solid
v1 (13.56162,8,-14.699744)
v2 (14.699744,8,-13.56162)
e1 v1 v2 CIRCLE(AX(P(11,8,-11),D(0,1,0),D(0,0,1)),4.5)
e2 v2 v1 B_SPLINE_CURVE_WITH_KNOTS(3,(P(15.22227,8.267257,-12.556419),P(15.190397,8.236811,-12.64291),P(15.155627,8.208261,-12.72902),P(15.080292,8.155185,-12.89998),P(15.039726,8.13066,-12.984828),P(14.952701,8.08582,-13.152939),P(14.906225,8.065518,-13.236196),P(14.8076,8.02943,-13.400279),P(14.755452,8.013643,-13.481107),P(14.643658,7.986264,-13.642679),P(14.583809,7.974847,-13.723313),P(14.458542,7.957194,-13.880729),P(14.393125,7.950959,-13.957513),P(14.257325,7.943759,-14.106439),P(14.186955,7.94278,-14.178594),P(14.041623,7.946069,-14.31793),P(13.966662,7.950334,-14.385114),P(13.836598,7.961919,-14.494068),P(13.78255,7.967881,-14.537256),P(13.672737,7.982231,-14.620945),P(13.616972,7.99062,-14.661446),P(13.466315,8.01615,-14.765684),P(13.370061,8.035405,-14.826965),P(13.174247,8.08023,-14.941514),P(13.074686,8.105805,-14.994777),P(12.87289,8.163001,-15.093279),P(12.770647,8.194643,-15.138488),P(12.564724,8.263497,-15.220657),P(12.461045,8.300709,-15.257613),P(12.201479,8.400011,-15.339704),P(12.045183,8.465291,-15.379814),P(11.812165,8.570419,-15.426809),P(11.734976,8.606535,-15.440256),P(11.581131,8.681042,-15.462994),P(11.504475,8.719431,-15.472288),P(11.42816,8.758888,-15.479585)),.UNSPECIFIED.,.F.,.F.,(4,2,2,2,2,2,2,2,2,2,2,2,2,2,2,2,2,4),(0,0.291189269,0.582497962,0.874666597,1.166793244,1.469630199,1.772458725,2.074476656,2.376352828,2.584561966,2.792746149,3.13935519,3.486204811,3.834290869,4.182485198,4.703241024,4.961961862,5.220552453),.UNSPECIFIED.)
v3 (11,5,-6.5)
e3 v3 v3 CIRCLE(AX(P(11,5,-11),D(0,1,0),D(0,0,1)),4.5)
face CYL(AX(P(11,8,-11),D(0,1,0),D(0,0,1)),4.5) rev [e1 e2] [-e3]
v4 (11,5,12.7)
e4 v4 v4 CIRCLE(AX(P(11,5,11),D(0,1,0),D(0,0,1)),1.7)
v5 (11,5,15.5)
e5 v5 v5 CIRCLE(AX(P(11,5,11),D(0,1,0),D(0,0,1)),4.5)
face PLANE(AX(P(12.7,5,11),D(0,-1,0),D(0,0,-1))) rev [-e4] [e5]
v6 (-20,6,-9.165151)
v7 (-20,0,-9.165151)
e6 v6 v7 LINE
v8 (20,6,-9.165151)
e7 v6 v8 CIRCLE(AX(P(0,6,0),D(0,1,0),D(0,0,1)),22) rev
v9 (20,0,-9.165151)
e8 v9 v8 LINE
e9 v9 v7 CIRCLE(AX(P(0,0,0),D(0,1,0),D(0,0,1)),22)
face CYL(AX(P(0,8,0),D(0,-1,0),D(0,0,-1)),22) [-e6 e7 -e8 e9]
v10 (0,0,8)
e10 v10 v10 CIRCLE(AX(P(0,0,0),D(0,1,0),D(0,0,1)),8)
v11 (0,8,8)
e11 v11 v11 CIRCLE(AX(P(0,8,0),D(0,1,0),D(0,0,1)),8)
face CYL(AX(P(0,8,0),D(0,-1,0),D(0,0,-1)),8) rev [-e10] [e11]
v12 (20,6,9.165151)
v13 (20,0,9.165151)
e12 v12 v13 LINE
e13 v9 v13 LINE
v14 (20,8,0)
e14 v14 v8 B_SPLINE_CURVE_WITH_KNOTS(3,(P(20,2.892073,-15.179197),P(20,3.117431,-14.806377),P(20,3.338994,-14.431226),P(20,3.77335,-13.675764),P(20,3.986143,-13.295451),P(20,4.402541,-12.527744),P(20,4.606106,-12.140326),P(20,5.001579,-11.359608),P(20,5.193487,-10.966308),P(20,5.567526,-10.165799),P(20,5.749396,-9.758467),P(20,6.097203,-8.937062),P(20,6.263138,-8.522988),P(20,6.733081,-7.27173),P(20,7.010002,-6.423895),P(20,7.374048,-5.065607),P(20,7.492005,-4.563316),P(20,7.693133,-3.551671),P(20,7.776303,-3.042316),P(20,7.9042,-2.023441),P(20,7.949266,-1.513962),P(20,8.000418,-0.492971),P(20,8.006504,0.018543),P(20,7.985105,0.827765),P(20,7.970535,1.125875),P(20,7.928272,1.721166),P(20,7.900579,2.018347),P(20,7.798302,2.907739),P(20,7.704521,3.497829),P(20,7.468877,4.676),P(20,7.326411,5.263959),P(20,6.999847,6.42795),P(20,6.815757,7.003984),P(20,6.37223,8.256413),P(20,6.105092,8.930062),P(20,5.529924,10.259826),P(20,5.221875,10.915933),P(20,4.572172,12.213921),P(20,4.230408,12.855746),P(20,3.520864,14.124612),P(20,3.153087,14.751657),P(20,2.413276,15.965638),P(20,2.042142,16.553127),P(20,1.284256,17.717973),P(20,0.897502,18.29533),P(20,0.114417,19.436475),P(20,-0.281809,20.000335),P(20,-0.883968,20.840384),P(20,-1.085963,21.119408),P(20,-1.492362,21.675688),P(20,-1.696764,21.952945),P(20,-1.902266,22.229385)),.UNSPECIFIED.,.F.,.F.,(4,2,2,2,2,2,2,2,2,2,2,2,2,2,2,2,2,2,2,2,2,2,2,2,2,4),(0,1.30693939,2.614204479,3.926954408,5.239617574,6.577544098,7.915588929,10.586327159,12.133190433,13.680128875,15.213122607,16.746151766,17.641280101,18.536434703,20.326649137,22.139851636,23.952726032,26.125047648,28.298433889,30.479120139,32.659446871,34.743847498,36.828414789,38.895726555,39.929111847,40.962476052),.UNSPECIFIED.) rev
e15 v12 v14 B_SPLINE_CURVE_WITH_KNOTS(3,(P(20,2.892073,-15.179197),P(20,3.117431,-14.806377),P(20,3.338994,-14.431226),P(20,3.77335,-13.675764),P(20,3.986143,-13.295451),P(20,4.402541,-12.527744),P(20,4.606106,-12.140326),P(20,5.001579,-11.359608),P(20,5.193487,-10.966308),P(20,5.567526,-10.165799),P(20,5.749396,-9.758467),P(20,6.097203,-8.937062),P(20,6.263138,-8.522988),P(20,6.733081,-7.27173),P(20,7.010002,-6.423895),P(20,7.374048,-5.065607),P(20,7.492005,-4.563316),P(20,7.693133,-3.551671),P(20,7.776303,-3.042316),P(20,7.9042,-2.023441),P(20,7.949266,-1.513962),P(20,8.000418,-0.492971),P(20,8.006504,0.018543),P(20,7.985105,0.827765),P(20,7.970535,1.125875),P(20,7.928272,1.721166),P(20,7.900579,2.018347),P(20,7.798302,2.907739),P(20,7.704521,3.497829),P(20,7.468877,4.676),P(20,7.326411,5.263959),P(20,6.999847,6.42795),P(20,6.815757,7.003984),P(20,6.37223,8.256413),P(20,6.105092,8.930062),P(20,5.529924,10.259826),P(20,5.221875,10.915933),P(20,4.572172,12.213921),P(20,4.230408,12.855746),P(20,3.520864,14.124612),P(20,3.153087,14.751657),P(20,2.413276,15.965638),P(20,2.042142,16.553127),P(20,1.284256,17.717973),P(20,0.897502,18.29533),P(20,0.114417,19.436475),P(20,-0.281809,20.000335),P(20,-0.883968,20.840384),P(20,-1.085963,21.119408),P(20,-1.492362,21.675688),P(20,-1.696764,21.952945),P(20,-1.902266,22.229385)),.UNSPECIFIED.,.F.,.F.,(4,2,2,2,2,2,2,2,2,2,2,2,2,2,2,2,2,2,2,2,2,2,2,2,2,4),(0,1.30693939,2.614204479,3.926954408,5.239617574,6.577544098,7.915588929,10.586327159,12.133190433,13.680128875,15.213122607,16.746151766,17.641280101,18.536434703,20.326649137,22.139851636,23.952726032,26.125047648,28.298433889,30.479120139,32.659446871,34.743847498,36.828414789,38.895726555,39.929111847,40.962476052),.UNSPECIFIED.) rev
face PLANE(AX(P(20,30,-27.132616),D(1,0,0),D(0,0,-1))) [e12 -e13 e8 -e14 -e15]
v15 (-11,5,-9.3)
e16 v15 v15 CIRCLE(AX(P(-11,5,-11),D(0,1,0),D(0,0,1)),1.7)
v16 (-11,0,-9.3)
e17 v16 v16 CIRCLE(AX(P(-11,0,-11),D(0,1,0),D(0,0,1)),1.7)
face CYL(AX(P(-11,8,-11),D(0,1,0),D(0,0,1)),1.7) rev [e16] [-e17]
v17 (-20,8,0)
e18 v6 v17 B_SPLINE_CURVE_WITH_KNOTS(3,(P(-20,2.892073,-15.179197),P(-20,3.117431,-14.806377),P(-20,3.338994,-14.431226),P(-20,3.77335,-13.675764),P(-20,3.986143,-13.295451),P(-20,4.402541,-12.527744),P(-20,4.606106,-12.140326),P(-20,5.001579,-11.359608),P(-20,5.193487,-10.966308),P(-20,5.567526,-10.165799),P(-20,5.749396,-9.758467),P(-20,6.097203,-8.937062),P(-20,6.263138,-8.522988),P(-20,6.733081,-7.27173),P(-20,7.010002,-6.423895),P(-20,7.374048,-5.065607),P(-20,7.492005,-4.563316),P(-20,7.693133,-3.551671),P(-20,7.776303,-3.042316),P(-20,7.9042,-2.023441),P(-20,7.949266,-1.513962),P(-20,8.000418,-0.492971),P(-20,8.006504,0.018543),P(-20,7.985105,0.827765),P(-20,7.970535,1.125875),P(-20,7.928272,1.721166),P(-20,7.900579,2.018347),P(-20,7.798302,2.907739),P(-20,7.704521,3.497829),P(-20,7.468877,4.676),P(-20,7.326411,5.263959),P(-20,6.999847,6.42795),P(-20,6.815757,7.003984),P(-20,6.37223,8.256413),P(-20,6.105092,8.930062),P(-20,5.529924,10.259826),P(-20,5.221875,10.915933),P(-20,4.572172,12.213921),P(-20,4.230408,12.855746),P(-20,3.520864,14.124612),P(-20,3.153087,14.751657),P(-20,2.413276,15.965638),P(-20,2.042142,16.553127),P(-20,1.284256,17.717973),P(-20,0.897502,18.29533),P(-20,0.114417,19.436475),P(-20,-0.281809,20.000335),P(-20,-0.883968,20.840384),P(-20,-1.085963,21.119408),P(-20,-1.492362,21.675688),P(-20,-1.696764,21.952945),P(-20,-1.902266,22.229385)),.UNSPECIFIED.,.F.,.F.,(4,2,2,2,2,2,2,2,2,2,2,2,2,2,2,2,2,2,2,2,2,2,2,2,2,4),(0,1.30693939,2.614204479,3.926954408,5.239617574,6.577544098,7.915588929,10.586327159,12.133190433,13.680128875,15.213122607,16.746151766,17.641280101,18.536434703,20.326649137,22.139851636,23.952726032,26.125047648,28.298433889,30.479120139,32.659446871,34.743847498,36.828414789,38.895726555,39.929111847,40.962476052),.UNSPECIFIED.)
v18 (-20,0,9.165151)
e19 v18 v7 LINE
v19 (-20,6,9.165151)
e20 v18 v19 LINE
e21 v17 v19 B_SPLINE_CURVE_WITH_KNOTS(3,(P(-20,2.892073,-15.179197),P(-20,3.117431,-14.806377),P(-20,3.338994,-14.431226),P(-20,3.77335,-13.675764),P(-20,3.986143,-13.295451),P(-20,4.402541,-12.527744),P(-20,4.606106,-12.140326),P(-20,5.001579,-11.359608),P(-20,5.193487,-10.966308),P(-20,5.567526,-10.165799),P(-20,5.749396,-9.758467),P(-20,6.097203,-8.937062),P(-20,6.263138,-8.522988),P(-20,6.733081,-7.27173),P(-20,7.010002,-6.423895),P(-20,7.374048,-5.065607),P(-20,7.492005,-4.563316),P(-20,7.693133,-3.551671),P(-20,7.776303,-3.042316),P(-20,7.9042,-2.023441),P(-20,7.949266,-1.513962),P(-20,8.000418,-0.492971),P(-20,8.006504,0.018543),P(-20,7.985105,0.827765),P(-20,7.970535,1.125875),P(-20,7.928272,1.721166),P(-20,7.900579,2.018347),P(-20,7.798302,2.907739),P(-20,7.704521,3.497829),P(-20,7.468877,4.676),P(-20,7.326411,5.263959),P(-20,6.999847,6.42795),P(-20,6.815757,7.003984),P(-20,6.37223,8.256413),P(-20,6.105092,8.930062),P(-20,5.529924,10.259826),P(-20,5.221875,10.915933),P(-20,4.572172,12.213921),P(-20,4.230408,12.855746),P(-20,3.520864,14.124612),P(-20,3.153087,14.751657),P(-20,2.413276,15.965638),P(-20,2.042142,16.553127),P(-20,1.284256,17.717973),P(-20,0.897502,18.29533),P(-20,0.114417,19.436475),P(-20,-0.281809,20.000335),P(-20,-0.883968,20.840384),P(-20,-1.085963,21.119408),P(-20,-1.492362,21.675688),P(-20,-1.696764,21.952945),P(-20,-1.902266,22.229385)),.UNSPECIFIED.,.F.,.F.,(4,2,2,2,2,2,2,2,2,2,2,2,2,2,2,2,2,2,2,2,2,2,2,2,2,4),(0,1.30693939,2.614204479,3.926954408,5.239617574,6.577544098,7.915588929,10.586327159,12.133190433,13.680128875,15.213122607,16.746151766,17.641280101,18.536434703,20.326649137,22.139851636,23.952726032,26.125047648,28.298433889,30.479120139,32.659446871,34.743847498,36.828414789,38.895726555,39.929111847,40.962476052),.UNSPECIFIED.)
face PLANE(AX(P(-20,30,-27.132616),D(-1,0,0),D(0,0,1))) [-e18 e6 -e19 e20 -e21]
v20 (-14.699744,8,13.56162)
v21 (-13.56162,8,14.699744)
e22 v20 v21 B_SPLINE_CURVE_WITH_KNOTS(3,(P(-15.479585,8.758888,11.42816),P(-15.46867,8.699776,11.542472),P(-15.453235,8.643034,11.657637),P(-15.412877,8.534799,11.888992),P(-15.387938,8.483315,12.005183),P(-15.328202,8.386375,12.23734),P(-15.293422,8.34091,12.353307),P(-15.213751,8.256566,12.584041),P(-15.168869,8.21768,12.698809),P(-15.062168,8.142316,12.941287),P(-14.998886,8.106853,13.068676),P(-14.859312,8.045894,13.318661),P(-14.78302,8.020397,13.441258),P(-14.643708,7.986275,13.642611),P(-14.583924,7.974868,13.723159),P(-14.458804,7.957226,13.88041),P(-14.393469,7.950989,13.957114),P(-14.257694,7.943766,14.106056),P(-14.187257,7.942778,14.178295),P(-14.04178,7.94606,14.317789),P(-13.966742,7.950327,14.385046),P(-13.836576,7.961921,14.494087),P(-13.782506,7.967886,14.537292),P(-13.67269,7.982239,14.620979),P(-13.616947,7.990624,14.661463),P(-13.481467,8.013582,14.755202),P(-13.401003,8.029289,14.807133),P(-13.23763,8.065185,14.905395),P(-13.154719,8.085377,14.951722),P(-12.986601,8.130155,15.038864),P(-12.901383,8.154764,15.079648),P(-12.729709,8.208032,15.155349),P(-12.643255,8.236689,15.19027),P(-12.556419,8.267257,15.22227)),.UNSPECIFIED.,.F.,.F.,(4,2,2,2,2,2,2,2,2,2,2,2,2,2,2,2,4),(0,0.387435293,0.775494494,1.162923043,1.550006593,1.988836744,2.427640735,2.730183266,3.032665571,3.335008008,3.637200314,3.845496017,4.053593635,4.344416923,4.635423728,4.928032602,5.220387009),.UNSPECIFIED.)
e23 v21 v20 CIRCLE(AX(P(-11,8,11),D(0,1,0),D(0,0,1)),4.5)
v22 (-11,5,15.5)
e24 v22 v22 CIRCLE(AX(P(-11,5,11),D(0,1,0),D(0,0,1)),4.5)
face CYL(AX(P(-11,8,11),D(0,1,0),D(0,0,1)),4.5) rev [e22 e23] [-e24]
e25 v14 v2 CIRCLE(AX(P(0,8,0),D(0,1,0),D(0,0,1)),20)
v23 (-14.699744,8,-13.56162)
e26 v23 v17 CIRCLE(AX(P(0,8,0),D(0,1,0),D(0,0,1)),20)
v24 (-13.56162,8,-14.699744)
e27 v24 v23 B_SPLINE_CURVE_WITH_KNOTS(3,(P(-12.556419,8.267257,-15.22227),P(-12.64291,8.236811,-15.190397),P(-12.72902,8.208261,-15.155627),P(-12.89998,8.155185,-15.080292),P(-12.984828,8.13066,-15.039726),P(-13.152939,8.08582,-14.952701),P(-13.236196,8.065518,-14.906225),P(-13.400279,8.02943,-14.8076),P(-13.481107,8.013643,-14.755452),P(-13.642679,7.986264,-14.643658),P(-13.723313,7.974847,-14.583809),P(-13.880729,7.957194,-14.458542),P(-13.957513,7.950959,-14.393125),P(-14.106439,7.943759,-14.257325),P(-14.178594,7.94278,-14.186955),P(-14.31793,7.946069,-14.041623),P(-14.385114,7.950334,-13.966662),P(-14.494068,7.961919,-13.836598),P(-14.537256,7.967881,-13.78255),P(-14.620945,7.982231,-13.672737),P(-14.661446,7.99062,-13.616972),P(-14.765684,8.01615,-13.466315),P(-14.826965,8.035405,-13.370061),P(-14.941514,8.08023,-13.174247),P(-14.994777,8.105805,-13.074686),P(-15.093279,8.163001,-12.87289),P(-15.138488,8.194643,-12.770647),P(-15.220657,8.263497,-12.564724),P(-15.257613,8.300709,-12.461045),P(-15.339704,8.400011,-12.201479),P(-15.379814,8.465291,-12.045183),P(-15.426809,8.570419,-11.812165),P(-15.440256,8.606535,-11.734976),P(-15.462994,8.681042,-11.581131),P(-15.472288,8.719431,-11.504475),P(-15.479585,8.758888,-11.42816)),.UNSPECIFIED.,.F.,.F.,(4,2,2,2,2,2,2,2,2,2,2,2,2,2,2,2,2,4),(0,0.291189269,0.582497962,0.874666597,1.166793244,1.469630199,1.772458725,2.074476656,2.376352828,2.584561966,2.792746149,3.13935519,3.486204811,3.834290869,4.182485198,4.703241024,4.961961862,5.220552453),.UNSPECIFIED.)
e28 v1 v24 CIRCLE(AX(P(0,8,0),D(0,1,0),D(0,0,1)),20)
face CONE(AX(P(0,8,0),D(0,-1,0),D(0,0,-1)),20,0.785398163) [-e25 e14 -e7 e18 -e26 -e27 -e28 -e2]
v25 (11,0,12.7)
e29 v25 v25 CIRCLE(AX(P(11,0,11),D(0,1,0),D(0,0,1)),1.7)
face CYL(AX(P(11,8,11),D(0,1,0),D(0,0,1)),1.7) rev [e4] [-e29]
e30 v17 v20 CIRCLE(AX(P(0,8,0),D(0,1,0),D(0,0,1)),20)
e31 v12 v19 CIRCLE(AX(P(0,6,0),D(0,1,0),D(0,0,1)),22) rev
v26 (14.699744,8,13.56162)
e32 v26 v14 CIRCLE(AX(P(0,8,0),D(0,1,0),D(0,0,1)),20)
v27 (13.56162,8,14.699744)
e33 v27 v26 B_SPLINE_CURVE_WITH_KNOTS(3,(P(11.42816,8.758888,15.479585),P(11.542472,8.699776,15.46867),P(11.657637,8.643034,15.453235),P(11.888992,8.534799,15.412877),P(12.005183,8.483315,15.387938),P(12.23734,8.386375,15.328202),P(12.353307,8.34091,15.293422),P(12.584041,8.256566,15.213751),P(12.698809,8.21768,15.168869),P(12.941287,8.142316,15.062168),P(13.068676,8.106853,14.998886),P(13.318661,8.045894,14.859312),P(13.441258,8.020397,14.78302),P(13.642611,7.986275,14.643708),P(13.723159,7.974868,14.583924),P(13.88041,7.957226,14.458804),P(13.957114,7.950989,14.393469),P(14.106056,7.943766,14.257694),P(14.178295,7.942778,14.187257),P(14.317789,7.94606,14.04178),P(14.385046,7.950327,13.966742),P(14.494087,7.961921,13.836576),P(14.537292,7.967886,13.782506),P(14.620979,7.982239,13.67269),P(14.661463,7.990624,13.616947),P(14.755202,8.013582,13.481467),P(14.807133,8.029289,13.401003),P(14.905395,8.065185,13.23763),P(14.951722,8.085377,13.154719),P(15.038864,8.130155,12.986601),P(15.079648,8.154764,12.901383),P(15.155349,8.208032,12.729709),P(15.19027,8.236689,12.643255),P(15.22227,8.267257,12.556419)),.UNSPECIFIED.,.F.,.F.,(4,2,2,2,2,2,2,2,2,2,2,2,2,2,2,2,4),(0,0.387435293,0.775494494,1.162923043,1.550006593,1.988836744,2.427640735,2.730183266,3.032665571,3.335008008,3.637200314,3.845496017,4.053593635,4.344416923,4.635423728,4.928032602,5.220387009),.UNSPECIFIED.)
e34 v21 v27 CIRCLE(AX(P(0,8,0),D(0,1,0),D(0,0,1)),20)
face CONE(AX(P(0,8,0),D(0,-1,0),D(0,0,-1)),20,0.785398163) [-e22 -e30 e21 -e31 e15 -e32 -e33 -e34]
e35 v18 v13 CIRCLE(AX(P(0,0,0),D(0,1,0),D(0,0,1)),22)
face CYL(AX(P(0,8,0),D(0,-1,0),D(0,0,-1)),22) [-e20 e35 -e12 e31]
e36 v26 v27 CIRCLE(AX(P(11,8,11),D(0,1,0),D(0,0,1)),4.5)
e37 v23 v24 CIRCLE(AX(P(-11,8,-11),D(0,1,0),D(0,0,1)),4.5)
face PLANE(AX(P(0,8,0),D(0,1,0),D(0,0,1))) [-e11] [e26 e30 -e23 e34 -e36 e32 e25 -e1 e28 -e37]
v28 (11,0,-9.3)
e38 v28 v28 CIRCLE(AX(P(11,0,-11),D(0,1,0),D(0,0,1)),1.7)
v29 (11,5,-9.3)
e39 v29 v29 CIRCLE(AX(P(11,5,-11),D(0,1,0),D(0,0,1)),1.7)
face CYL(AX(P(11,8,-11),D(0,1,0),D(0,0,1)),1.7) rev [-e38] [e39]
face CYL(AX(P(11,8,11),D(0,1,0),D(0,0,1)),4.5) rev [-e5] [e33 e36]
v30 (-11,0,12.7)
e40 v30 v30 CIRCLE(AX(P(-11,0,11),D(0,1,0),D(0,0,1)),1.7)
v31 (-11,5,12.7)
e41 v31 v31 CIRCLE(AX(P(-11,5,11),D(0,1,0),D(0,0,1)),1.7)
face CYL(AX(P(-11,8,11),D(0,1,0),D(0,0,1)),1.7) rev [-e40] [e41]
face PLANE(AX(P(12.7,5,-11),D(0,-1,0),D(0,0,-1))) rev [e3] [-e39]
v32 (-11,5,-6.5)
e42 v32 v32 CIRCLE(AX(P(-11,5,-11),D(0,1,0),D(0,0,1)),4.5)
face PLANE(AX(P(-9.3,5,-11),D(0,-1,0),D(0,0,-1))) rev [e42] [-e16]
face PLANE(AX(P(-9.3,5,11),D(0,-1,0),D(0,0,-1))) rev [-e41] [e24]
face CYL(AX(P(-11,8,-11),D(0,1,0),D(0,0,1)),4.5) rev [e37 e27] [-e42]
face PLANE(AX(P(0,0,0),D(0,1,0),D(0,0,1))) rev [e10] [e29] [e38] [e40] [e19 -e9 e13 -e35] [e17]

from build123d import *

# Parameters (mm, degrees)
SKETCH1_R                               = 22
SKETCH1_R_2                             = 8
EXTRUDE1_DEPTH                          = 8
CHAMFER1_SIZE                           = 2
CBORE_FOR_M3_HEX_HEAD_BOLT1_D           = 3.4
CBORE_FOR_M3_HEX_HEAD_BOLT1_DEPTH       = 10.1
CBORE_FOR_M3_HEX_HEAD_BOLT1_CBORE_D     = 9
CBORE_FOR_M3_HEX_HEAD_BOLT1_CBORE_DEPTH = 3
CBORE_FOR_M3_HEX_HEAD_BOLT1_TIP         = 1.021463052
SKETCH4_OUTSIDE_W                       = 58.548
SKETCH4_OUTSIDE_H                       = 58.548
SKETCH4_OUTSIDE_W_2                     = 40
SKETCH4_OUTSIDE_H_2                     = 54.265232974
EXTRUDE2_DEPTH                          = 30


with BuildPart() as part:
    # Sketch1 → Extrude1 (new body)
    with BuildSketch(Plane(origin=(0, 0, 0), x_dir=(1, 0, 0), z_dir=(0, 1, 0))):
        with Locations(Location((0, 0, 0), (0, 0, 270))):
            Circle(SKETCH1_R)
        with Locations(Location((0, 0, 0), (0, 0, 270))):
            Circle(SKETCH1_R_2, mode=Mode.SUBTRACT)
    extrude(amount=EXTRUDE1_DEPTH)

    # Chamfer1
    chamfer1_edges = [part.edges().sort_by_distance(p)[0] for p in [
        (0, 8, -22),
    ]]
    chamfer(chamfer1_edges, length=CHAMFER1_SIZE)

    # CBORE for M3 Hex Head Bolt1
    with Locations(Plane(origin=(-11, 8, -11), x_dir=(0, 0, 1), z_dir=(0, 1, 0))):
        with Locations((0, 0), (0, 22), (22, 22), (22, 0)):
            CounterBoreHole(CBORE_FOR_M3_HEX_HEAD_BOLT1_D / 2, CBORE_FOR_M3_HEX_HEAD_BOLT1_CBORE_D / 2, CBORE_FOR_M3_HEX_HEAD_BOLT1_CBORE_DEPTH, depth=CBORE_FOR_M3_HEX_HEAD_BOLT1_DEPTH)
            with Locations((0, 0, -(CBORE_FOR_M3_HEX_HEAD_BOLT1_DEPTH + CBORE_FOR_M3_HEX_HEAD_BOLT1_TIP / 2))):  # 118° drill point
                Cone(0, CBORE_FOR_M3_HEX_HEAD_BOLT1_D / 2, CBORE_FOR_M3_HEX_HEAD_BOLT1_TIP, mode=Mode.SUBTRACT)

    # Sketch4 outside → Extrude2 (cut)
    with BuildSketch(Plane.XZ):
        Rectangle(SKETCH4_OUTSIDE_W, SKETCH4_OUTSIDE_H)
        Rectangle(SKETCH4_OUTSIDE_W_2, SKETCH4_OUTSIDE_H_2, mode=Mode.SUBTRACT)
    extrude(amount=-EXTRUDE2_DEPTH, mode=Mode.SUBTRACT)


solid = part.part
